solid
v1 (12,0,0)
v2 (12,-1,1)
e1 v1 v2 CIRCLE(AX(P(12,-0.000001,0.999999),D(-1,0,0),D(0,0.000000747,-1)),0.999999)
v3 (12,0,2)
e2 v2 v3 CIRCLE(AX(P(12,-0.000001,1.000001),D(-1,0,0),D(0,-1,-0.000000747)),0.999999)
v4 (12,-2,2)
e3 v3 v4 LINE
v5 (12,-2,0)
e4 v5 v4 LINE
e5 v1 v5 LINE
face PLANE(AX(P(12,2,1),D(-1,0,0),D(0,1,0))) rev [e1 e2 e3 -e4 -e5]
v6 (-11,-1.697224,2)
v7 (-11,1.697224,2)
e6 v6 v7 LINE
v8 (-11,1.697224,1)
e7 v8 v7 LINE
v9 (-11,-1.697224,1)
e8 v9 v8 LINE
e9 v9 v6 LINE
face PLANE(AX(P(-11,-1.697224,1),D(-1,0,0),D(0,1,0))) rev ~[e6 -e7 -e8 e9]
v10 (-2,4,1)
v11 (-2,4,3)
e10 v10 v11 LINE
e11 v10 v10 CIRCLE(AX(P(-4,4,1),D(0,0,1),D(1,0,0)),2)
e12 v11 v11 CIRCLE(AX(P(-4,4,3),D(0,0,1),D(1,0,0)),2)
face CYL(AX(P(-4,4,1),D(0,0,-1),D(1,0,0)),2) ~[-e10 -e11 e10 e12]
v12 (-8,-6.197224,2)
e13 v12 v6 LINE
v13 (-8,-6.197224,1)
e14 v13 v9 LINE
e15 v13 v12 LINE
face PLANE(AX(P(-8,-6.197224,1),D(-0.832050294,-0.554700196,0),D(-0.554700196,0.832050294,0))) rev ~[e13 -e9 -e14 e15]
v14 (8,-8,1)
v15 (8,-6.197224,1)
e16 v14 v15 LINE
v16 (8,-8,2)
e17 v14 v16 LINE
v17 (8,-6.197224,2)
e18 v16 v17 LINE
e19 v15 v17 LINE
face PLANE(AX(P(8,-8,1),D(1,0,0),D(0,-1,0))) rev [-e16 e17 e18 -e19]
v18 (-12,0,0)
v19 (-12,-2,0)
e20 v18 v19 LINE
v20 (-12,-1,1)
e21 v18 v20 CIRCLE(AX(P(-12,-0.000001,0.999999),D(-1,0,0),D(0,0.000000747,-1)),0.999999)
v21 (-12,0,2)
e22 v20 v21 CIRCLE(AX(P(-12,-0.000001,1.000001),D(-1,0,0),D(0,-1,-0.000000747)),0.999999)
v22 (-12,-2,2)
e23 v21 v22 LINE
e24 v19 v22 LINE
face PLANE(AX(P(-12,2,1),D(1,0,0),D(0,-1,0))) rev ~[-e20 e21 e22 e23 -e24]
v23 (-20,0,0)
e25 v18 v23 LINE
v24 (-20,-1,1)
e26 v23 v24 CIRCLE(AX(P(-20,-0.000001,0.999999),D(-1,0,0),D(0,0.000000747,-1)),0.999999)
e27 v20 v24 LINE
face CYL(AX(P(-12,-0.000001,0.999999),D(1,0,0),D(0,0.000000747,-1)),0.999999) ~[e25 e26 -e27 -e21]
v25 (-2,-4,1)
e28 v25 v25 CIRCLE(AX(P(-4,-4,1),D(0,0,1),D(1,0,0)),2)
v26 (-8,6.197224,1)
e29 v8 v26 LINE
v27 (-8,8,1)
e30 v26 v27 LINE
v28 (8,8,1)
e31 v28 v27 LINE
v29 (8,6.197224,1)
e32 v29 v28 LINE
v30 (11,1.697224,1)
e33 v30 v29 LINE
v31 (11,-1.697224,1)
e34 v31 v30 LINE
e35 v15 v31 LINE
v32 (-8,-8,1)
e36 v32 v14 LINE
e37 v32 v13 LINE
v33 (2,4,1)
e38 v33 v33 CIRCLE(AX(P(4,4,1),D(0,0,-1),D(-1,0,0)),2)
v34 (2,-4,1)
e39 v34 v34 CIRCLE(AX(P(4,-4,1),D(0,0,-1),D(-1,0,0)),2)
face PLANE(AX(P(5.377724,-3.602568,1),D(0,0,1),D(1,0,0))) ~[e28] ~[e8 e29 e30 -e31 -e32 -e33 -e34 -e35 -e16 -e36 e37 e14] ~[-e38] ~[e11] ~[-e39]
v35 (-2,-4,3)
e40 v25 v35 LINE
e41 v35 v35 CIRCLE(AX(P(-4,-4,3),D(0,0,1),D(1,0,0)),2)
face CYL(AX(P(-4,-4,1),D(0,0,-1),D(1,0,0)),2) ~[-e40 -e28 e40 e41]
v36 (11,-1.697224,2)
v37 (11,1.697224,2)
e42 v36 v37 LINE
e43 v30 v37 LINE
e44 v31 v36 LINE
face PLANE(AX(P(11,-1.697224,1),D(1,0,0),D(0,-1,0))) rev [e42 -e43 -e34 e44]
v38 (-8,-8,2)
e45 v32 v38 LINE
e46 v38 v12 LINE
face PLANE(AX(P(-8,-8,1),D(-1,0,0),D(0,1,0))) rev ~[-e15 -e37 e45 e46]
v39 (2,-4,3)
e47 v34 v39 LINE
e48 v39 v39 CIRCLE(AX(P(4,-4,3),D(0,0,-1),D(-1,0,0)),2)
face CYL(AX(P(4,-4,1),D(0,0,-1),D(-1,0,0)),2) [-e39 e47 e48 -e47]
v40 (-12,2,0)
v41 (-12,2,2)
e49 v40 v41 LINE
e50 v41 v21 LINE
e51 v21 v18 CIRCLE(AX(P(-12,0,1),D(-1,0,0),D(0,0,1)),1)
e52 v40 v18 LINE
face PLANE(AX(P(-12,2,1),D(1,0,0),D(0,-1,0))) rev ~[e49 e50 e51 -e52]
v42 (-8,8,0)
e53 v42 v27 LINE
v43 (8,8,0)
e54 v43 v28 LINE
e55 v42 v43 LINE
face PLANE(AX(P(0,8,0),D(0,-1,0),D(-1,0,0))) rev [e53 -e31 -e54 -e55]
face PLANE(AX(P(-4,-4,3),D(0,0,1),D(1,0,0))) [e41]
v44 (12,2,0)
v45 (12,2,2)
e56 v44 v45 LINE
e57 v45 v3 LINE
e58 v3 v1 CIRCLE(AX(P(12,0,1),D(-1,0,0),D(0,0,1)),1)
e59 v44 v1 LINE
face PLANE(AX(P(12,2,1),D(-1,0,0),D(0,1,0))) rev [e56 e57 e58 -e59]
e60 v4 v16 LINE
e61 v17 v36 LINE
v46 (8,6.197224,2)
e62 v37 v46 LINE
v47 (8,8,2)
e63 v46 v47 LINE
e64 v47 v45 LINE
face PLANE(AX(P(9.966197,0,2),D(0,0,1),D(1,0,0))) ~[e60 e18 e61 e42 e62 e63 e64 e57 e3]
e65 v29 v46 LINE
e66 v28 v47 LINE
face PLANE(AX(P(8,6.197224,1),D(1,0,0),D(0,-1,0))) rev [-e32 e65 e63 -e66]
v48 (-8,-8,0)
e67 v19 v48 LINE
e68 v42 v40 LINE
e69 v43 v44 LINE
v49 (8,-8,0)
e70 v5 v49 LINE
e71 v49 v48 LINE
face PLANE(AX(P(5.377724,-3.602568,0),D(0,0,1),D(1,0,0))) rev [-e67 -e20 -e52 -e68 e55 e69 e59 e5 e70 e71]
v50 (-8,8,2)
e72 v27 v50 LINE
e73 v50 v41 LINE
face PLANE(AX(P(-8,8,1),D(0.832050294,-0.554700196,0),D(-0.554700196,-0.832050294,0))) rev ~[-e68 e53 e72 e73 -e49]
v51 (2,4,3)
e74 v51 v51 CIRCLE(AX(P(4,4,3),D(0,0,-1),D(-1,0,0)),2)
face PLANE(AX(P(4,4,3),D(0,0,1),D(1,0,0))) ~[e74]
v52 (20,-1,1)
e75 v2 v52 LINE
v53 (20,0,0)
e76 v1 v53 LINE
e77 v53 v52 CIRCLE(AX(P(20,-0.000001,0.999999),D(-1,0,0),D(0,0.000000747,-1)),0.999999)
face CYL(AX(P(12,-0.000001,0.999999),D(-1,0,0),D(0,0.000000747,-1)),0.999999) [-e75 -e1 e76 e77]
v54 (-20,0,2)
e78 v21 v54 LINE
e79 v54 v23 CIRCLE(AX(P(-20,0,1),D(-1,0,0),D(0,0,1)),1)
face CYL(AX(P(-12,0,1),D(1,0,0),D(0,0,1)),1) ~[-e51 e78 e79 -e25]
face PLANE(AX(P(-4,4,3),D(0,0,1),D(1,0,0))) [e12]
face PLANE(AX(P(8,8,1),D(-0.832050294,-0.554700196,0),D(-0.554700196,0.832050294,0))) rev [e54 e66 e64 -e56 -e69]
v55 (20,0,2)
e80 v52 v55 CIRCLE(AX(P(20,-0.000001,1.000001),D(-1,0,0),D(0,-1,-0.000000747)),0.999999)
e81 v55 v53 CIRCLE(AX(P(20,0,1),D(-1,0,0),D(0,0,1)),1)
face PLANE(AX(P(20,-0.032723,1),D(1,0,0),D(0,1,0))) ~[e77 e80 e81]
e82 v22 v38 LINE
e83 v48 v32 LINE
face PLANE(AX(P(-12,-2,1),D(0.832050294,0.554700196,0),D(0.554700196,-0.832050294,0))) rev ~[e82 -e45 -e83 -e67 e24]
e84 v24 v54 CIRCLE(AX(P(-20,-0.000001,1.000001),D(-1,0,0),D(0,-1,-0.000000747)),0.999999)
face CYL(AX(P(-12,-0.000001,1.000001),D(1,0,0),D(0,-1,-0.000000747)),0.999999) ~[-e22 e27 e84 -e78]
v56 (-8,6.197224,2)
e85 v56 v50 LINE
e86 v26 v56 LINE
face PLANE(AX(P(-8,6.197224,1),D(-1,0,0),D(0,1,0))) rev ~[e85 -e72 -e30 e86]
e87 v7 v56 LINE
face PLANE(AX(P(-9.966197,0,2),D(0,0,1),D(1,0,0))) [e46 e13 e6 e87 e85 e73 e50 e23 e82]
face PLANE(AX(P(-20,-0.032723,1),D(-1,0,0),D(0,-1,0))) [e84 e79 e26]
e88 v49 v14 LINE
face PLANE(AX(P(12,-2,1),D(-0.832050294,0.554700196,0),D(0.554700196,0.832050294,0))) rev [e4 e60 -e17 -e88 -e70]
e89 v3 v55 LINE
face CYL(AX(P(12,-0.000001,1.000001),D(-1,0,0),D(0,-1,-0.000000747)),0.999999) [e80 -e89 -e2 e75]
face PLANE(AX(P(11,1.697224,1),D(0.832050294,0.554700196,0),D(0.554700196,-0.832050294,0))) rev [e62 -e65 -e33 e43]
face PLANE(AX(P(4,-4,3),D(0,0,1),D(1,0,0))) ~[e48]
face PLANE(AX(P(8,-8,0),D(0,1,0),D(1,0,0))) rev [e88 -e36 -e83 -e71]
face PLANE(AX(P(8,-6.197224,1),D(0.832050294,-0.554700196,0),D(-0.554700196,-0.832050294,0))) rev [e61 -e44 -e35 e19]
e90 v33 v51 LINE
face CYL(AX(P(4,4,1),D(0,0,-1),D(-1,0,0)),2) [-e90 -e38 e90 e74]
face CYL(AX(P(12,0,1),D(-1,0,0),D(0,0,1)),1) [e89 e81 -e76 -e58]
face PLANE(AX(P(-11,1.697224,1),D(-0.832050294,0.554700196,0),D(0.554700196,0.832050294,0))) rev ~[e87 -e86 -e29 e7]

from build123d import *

# Parameters (mm, degrees)
F1_DEPTH = 1
F2_R     = 2
F3_DEPTH = 2
F5_DEPTH = 1
F8_DEPTH = 8


with BuildPart() as f1:
    # F0 (on Top) → F1 (new body)
    with BuildSketch(Plane.XY):
        Polygon((0, -8), (0, 0), (-12, 0), (-12, -2), (-8, -8), align=None)
        Polygon((-12, 0), (0, 0), (0, 8), (-8, 8), (-12, 2), align=None)
    extrude(amount=F1_DEPTH)

    # F2 (on face) → F3 (join)
    with BuildSketch(Plane.XY.offset(1)):
        with Locations((-4, 4)):
            Circle(F2_R)
        with Locations((-4, -4)):
            Circle(F2_R)
    extrude(amount=F3_DEPTH)


with BuildPart() as f5:
    # F4 (on face) → F5 (new body)
    with BuildSketch(Plane.XY.offset(1)):
        Polygon((-8, 6.197224), (-8, 8), (-12, 2), (-12, -2), (-8, -8), (-8, -6.197224), (-11, -1.697224), (-11, 1.697224), align=None)
    extrude(amount=F5_DEPTH)


with BuildPart() as f1_1:
    add(f1.part)

    # F6: union F5
    add(f5.part)

    # F7 (on face) → F8 (join)
    with BuildSketch(Plane(origin=(-12, 0, 0), x_dir=(0, -1, 0), z_dir=(-1, 0, 0))):
        with BuildLine():
            ThreePointArc((0, 0), (0.707107, 0.292893), (1, 1))
            ThreePointArc((1, 1), (0.707107, 1.707107), (0, 2))
            ThreePointArc((0, 2), (-1, 1), (0, 0))
        make_face()
    extrude(amount=F8_DEPTH)

    # F9: F1 across face


with BuildPart() as f1_2:
    add(f1_1.part)
    add(f1_1.part.mirror(Plane(origin=(0, 0, 0.5), x_dir=(0, 1, 0), z_dir=(1, 0, 0))))


solid = f1_2.part
